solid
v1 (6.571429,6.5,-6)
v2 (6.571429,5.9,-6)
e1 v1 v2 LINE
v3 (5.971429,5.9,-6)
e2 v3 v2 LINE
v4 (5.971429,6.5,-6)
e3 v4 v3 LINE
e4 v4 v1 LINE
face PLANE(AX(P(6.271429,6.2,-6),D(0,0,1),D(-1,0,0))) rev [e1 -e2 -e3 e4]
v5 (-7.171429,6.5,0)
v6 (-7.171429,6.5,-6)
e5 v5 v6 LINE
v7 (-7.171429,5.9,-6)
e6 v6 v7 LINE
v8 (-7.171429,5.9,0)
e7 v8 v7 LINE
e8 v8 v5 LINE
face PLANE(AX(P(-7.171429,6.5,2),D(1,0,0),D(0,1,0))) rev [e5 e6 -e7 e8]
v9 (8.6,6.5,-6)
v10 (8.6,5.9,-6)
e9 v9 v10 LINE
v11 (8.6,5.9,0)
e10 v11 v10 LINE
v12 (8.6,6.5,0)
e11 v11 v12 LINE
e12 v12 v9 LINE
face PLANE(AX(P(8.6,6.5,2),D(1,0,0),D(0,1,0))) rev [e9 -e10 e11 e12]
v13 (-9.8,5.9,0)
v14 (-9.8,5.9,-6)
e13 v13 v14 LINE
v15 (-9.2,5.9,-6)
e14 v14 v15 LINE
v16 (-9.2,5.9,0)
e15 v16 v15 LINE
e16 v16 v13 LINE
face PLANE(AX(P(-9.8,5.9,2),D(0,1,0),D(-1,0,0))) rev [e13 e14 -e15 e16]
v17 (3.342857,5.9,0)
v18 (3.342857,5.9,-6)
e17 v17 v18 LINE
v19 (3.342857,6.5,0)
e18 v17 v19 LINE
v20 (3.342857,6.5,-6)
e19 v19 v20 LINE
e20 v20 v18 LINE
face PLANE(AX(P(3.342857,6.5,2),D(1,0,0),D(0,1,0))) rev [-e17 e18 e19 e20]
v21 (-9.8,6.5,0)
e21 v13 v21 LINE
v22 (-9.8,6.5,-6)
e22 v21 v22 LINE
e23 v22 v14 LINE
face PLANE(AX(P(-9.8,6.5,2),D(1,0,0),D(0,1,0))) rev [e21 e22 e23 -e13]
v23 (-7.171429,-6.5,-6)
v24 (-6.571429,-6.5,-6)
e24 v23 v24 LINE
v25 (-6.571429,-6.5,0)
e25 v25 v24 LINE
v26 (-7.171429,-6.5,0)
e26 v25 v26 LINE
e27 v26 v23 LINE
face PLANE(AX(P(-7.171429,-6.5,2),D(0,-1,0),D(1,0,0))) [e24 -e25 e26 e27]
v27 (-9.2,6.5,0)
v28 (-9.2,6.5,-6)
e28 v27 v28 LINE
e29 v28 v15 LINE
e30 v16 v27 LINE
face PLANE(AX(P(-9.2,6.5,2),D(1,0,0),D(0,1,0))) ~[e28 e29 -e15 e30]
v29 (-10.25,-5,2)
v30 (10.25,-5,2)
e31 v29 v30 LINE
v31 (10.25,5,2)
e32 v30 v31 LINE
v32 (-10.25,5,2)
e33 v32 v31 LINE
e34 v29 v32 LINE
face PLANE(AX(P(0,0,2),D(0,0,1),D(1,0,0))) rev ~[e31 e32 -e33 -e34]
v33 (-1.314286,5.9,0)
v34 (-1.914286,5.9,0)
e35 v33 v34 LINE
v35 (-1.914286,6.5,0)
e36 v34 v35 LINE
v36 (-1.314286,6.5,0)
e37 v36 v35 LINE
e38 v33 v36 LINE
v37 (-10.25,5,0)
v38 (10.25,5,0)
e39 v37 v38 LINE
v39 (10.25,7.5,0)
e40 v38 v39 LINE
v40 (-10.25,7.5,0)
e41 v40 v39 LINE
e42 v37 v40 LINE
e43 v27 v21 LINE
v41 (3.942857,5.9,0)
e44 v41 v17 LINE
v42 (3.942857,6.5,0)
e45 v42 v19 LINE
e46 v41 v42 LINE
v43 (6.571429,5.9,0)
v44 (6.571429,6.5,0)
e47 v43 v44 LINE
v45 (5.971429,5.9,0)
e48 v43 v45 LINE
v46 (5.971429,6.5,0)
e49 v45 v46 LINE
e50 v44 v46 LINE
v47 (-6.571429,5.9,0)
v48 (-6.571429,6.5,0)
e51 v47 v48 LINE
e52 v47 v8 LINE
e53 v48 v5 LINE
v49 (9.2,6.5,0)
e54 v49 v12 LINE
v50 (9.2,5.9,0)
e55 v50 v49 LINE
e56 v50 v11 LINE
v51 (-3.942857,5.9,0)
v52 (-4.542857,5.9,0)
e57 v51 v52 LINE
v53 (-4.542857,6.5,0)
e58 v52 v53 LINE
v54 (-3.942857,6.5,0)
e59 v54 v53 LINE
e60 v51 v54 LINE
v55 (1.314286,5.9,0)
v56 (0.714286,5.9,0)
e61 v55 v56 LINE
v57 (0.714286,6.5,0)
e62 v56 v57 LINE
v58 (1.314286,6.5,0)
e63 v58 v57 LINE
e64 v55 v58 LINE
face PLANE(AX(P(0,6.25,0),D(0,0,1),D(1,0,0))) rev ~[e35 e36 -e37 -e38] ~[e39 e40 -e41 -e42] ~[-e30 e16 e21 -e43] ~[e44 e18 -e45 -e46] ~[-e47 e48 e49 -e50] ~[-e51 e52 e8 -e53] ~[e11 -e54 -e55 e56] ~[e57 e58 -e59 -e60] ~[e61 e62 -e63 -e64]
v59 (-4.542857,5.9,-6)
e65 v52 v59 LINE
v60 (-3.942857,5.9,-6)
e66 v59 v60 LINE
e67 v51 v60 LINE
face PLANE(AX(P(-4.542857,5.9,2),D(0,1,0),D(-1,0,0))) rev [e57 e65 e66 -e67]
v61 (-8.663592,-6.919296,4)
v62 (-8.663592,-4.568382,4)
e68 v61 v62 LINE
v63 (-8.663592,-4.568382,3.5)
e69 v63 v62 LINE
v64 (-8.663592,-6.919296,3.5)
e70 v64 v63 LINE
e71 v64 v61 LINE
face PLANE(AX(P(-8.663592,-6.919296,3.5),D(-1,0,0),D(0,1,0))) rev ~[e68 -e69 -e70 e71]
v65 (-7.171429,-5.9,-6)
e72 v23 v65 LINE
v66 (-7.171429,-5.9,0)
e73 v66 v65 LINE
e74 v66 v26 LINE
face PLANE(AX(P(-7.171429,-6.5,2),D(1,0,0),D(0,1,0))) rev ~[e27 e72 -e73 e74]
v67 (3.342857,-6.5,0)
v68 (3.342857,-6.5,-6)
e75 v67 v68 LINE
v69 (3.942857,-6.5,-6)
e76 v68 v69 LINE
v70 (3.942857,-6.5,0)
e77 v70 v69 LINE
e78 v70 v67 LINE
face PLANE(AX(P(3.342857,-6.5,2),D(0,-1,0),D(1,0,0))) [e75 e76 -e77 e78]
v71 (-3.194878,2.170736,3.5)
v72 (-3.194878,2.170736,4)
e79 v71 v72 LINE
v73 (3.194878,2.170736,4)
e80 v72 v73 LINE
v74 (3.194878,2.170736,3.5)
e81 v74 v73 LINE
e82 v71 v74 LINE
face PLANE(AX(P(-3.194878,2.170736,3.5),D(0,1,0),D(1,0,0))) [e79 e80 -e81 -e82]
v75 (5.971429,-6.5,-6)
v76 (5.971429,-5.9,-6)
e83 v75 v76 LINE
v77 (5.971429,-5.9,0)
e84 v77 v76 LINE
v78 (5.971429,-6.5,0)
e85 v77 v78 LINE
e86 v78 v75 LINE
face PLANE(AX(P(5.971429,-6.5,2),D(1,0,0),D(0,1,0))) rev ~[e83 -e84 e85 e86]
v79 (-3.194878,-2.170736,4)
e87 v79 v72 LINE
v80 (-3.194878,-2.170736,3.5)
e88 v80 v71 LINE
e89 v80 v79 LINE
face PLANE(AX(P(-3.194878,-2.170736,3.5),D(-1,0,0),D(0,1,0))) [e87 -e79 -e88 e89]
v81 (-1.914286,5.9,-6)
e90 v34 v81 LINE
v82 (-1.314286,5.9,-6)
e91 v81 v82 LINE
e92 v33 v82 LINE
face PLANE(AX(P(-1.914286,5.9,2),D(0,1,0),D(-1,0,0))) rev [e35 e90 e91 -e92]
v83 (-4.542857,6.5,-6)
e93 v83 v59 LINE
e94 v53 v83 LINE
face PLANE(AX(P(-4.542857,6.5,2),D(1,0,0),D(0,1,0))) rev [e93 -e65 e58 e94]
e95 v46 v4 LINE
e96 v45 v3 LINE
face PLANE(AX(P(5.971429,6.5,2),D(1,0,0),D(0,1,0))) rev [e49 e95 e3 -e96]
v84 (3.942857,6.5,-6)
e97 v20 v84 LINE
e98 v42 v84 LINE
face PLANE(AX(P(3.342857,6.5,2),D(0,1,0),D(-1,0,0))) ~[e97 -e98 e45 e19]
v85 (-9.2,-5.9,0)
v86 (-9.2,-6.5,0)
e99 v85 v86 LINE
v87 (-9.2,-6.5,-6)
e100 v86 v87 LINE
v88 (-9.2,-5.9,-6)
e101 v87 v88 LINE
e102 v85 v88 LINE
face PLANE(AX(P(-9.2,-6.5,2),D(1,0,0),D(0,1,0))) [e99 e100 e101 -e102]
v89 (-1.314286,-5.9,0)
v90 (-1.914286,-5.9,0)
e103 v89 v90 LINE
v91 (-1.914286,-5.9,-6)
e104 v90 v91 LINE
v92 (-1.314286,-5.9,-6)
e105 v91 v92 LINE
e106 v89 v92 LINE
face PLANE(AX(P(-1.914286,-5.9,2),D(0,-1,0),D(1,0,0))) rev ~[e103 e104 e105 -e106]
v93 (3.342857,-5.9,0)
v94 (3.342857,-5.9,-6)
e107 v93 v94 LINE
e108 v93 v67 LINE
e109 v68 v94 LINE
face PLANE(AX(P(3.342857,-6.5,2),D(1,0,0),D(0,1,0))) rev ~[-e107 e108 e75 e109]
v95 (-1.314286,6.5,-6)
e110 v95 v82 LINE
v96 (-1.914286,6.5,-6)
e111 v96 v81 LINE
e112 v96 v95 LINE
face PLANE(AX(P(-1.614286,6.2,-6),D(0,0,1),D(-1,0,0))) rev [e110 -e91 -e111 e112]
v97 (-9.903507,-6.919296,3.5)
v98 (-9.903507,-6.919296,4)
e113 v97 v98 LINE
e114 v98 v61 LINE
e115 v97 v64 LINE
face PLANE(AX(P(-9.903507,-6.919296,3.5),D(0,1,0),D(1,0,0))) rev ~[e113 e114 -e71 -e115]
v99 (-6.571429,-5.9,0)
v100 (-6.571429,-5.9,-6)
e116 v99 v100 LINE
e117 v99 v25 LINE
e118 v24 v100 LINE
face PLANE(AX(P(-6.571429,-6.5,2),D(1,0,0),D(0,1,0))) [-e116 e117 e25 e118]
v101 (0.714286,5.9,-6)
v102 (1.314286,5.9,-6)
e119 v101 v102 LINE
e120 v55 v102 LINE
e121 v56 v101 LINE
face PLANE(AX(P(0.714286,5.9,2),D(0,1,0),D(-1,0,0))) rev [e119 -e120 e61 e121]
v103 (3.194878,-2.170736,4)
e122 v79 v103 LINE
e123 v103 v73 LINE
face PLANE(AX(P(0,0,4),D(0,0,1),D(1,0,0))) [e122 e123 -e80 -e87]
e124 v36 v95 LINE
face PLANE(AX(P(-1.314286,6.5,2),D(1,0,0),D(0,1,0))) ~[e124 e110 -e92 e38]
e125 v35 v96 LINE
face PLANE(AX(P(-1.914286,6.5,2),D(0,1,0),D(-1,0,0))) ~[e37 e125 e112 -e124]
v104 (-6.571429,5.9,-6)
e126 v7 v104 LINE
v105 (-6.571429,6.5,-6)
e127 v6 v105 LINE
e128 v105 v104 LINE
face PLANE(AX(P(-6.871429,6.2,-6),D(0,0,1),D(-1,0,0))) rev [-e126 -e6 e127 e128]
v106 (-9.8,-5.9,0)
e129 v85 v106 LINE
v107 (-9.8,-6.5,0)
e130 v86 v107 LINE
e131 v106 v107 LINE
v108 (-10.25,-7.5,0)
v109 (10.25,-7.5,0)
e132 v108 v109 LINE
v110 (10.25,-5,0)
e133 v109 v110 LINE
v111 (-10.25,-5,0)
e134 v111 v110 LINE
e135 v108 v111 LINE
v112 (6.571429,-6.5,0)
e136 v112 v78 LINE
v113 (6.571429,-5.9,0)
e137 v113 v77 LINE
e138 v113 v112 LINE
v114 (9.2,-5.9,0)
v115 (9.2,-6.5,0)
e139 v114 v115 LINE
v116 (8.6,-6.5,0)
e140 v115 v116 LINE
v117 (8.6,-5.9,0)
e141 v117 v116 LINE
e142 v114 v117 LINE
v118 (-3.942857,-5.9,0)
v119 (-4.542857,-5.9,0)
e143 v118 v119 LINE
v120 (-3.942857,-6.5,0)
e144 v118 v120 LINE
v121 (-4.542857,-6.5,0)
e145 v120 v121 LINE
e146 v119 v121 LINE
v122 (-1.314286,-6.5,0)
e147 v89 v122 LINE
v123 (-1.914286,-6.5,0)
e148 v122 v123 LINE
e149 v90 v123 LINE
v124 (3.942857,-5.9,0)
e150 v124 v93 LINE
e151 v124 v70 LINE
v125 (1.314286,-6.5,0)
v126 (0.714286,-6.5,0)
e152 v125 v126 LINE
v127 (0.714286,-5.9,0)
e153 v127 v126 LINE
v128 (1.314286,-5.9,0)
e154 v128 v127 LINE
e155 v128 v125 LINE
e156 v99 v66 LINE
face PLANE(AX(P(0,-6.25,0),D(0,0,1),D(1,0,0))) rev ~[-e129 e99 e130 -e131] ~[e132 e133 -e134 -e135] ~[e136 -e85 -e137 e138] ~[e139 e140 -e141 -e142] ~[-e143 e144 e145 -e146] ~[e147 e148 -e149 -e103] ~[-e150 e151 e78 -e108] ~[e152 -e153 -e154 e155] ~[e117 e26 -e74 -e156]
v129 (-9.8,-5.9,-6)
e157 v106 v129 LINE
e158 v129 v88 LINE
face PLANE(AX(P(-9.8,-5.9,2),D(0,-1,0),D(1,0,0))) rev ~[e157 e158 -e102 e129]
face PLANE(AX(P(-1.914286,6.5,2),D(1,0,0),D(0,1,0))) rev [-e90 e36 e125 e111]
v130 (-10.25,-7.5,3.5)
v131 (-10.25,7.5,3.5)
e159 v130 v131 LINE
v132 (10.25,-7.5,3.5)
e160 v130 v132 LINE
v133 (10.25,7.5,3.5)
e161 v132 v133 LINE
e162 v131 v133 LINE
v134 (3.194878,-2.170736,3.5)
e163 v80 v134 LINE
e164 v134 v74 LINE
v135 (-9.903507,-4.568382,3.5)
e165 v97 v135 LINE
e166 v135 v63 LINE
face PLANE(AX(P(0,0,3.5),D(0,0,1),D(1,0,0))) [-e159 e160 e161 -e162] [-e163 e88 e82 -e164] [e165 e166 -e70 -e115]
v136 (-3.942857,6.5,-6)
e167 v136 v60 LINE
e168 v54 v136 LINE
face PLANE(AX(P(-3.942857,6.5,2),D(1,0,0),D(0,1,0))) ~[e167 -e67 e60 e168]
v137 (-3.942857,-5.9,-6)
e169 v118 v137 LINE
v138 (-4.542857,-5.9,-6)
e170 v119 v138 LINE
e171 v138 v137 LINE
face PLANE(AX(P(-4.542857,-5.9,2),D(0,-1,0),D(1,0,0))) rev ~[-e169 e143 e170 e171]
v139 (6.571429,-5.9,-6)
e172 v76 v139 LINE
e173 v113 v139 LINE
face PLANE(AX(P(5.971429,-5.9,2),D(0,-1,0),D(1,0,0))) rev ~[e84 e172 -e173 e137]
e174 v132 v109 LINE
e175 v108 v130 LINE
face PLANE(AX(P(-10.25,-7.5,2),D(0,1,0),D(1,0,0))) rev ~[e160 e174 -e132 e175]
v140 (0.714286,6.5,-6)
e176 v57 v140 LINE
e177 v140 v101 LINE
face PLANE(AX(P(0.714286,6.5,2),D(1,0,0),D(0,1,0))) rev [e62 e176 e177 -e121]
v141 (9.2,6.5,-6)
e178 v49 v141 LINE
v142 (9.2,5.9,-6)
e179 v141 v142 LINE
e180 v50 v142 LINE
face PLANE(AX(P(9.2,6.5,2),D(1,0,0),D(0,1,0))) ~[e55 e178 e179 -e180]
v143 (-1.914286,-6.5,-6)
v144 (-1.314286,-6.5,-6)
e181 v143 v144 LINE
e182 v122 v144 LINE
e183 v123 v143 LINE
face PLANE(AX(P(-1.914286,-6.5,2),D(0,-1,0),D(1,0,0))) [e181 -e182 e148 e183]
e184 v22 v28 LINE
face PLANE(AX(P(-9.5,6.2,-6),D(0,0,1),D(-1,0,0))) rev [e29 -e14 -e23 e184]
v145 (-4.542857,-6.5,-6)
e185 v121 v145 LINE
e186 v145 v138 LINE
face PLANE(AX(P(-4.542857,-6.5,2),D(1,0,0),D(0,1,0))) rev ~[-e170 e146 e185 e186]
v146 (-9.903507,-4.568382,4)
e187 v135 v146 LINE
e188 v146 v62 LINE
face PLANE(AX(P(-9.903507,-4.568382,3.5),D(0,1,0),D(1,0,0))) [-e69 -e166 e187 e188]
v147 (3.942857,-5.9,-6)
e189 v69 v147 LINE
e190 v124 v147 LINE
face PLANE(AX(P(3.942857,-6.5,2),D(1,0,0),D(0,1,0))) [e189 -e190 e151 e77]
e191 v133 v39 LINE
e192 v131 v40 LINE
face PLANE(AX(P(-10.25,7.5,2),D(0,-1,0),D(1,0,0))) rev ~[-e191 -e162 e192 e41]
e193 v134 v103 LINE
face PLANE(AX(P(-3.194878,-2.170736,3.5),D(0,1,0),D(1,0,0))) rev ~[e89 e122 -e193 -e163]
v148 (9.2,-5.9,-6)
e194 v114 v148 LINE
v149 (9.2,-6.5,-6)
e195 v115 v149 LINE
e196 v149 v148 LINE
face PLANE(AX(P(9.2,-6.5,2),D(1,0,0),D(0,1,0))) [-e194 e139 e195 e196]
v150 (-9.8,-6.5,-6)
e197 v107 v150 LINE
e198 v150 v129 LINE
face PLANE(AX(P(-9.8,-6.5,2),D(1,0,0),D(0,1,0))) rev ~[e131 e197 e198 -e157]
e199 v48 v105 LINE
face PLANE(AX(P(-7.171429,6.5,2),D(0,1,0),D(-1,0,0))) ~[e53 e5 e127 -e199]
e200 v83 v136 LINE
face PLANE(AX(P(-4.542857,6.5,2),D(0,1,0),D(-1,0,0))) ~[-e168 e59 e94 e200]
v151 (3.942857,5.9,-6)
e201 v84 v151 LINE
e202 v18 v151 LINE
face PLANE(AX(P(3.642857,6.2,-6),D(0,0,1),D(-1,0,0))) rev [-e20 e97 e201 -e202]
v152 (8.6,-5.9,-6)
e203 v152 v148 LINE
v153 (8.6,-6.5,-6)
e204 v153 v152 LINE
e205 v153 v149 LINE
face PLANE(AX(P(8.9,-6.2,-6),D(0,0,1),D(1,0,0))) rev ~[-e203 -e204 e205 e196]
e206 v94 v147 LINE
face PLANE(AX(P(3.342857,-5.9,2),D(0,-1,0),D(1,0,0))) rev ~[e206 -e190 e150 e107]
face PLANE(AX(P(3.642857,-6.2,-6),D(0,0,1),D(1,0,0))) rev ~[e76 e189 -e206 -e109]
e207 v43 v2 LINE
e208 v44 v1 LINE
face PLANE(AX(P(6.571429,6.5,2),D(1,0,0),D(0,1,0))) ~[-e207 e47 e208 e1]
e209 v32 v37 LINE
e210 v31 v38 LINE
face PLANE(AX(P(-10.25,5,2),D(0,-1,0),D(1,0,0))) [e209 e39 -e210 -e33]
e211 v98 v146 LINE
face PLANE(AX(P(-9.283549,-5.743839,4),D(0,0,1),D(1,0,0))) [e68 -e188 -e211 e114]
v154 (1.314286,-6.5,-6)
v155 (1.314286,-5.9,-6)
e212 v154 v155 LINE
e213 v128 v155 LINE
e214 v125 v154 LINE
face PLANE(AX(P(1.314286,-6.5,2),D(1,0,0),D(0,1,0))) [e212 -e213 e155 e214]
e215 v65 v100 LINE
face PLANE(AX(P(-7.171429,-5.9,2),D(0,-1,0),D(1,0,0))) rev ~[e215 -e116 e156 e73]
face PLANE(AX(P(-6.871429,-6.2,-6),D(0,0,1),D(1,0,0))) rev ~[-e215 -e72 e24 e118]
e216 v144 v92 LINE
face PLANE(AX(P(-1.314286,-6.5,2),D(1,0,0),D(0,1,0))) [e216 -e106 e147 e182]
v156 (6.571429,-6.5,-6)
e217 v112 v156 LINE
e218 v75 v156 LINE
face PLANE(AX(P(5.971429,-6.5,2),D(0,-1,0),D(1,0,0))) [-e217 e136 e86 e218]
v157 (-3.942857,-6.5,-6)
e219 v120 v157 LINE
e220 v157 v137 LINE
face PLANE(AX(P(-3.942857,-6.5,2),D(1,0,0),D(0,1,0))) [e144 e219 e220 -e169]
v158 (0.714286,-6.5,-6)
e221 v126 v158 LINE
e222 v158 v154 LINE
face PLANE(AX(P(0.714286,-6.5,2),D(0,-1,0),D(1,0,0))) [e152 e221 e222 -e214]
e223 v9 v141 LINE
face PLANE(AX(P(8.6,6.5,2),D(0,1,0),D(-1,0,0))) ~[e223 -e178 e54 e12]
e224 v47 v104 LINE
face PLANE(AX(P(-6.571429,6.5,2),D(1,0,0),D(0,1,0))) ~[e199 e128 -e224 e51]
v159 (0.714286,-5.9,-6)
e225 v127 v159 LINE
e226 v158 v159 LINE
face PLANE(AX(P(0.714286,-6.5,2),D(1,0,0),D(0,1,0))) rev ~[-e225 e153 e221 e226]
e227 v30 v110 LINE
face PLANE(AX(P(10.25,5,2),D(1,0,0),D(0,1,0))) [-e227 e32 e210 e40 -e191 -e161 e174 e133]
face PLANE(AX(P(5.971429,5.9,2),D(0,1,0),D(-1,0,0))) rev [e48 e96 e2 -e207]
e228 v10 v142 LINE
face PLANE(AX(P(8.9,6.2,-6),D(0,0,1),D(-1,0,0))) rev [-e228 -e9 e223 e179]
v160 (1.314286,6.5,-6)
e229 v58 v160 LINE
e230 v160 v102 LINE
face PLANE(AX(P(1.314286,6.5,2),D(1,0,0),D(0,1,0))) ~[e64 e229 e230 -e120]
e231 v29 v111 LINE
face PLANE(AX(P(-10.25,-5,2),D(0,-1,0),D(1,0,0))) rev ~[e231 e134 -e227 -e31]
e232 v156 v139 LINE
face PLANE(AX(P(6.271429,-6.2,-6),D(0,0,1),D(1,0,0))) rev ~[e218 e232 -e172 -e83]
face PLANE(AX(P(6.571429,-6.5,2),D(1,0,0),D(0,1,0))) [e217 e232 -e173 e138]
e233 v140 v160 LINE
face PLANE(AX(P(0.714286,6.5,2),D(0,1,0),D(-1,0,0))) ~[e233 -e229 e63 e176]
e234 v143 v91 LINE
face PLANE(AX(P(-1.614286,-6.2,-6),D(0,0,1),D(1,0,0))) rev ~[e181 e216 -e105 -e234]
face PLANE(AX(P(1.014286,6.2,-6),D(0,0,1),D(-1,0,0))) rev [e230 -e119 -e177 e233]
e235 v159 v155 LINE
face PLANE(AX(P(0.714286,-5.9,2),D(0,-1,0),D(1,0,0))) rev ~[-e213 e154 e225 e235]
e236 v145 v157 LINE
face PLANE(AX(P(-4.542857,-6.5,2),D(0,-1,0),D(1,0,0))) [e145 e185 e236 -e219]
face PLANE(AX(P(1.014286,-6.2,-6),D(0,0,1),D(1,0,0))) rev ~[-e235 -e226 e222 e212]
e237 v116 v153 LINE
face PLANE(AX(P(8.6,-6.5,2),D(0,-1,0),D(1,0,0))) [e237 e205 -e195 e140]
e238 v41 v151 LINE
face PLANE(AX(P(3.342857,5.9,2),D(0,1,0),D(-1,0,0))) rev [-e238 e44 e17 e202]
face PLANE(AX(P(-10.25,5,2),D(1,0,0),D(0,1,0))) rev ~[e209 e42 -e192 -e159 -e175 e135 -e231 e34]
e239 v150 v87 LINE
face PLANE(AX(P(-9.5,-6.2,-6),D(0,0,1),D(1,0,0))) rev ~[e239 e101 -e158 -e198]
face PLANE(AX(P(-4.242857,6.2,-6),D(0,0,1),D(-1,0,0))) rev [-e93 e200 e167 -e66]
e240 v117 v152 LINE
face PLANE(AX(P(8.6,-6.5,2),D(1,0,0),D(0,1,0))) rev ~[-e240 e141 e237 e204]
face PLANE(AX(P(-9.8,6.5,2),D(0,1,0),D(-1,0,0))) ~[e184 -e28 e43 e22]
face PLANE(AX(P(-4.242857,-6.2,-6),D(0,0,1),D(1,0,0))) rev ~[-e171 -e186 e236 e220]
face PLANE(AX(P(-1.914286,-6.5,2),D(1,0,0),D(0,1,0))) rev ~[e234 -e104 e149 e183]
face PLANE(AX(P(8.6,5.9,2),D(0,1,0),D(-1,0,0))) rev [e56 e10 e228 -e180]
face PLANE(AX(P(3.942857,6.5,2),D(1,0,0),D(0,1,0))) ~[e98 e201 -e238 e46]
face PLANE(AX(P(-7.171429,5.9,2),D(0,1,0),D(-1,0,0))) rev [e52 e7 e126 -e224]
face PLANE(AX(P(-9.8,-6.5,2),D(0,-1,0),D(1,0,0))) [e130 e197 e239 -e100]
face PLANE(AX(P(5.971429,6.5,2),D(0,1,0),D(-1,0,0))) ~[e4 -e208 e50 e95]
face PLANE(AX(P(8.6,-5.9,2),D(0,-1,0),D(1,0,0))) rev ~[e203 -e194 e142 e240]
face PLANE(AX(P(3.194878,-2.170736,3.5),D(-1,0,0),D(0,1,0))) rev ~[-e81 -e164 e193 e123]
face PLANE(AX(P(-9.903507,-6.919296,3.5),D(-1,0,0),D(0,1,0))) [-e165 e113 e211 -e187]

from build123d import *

# Parameters (mm, degrees)
SKETCH069_W                  = 20.5
SKETCH069_H                  = 15
PAD036_DEPTH                 = 1.5
SKETCH071_W                  = 0.6
SKETCH071_H                  = 0.6
PAD037_DEPTH                 = 8
SKETCH071_LINEARPATTERN_2_W  = 0.6
SKETCH071_LINEARPATTERN_2_H  = 0.6
PAD037_LINEARPATTERN_2_DEPTH = 8
SKETCH071_LINEARPATTERN_3_W  = 0.6
SKETCH071_LINEARPATTERN_3_H  = 0.6
PAD037_LINEARPATTERN_3_DEPTH = 8
SKETCH071_LINEARPATTERN_4_W  = 0.6
SKETCH071_LINEARPATTERN_4_H  = 0.6
PAD037_LINEARPATTERN_4_DEPTH = 8
SKETCH071_LINEARPATTERN_5_W  = 0.6
SKETCH071_LINEARPATTERN_5_H  = 0.6
PAD037_LINEARPATTERN_5_DEPTH = 8
SKETCH071_LINEARPATTERN_6_W  = 0.6
SKETCH071_LINEARPATTERN_6_H  = 0.6
PAD037_LINEARPATTERN_6_DEPTH = 8
SKETCH071_LINEARPATTERN_7_W  = 0.6
SKETCH071_LINEARPATTERN_7_H  = 0.6
PAD037_LINEARPATTERN_7_DEPTH = 8
SKETCH071_LINEARPATTERN_8_W  = 0.6
SKETCH071_LINEARPATTERN_8_H  = 0.6
PAD037_LINEARPATTERN_8_DEPTH = 8
SKETCH070_W                  = 20.5
SKETCH070_H                  = 2.5
PAD038_DEPTH                 = 2
SKETCH074_W                  = 1.239915
SKETCH074_H                  = 2.350915
SKETCH074_W_2                = 6.389756
SKETCH074_H_2                = 4.341472
PAD040_DEPTH                 = 0.5


with BuildPart() as part:
    # Sketch069 → Pad036 (new body)
    with BuildSketch(Plane.XY.offset(2)):
        Rectangle(SKETCH069_W, SKETCH069_H)
    extrude(amount=PAD036_DEPTH)

    # Sketch071 → Pad037 (join)
    with BuildSketch(Plane(origin=(-9.5, -6.2, 2), x_dir=(1, 0, 0), z_dir=(0, 0, 1))):
        Rectangle(SKETCH071_W, SKETCH071_H)
    pad037 = extrude(amount=-PAD037_DEPTH)

    # Sketch071 LinearPattern 2 → Pad037 LinearPattern 2 (add)
    with BuildSketch(Plane(origin=(-6.871429, -6.2, 2), x_dir=(1, 0, 0), z_dir=(0, 0, 1))):
        Rectangle(SKETCH071_LINEARPATTERN_2_W, SKETCH071_LINEARPATTERN_2_H)
    pad037_linearpattern_2 = extrude(amount=-PAD037_LINEARPATTERN_2_DEPTH)

    # Sketch071 LinearPattern 3 → Pad037 LinearPattern 3 (add)
    with BuildSketch(Plane(origin=(-4.242857, -6.2, 2), x_dir=(1, 0, 0), z_dir=(0, 0, 1))):
        Rectangle(SKETCH071_LINEARPATTERN_3_W, SKETCH071_LINEARPATTERN_3_H)
    pad037_linearpattern_3 = extrude(amount=-PAD037_LINEARPATTERN_3_DEPTH)

    # Sketch071 LinearPattern 4 → Pad037 LinearPattern 4 (add)
    with BuildSketch(Plane(origin=(-1.614286, -6.2, 2), x_dir=(1, 0, 0), z_dir=(0, 0, 1))):
        Rectangle(SKETCH071_LINEARPATTERN_4_W, SKETCH071_LINEARPATTERN_4_H)
    pad037_linearpattern_4 = extrude(amount=-PAD037_LINEARPATTERN_4_DEPTH)

    # Sketch071 LinearPattern 5 → Pad037 LinearPattern 5 (add)
    with BuildSketch(Plane(origin=(1.014286, -6.2, 2), x_dir=(1, 0, 0), z_dir=(0, 0, 1))):
        Rectangle(SKETCH071_LINEARPATTERN_5_W, SKETCH071_LINEARPATTERN_5_H)
    pad037_linearpattern_5 = extrude(amount=-PAD037_LINEARPATTERN_5_DEPTH)

    # Sketch071 LinearPattern 6 → Pad037 LinearPattern 6 (add)
    with BuildSketch(Plane(origin=(3.642857, -6.2, 2), x_dir=(1, 0, 0), z_dir=(0, 0, 1))):
        Rectangle(SKETCH071_LINEARPATTERN_6_W, SKETCH071_LINEARPATTERN_6_H)
    pad037_linearpattern_6 = extrude(amount=-PAD037_LINEARPATTERN_6_DEPTH)

    # Sketch071 LinearPattern 7 → Pad037 LinearPattern 7 (add)
    with BuildSketch(Plane(origin=(6.271429, -6.2, 2), x_dir=(1, 0, 0), z_dir=(0, 0, 1))):
        Rectangle(SKETCH071_LINEARPATTERN_7_W, SKETCH071_LINEARPATTERN_7_H)
    pad037_linearpattern_7 = extrude(amount=-PAD037_LINEARPATTERN_7_DEPTH)

    # Sketch071 LinearPattern 8 → Pad037 LinearPattern 8 (add)
    with BuildSketch(Plane(origin=(8.9, -6.2, 2), x_dir=(1, 0, 0), z_dir=(0, 0, 1))):
        Rectangle(SKETCH071_LINEARPATTERN_8_W, SKETCH071_LINEARPATTERN_8_H)
    pad037_linearpattern_8 = extrude(amount=-PAD037_LINEARPATTERN_8_DEPTH)

    # Mirrored: Pad037, Pad037 LinearPattern 2, Pad037 LinearPattern 3, Pad037 LinearPattern 4, Pad037 LinearPattern 5, Pad037 LinearPattern 6, Pad037 LinearPattern 7, Pad037 LinearPattern 8 across XZ
    add(pad037.mirror(Plane.XZ))
    add(pad037_linearpattern_2.mirror(Plane.XZ))
    add(pad037_linearpattern_3.mirror(Plane.XZ))
    add(pad037_linearpattern_4.mirror(Plane.XZ))
    add(pad037_linearpattern_5.mirror(Plane.XZ))
    add(pad037_linearpattern_6.mirror(Plane.XZ))
    add(pad037_linearpattern_7.mirror(Plane.XZ))
    add(pad037_linearpattern_8.mirror(Plane.XZ))

    # Sketch070 → Pad038 (join)
    with BuildSketch(Plane.XY.offset(2)):
        with Locations((0, 6.25)):
            Rectangle(SKETCH070_W, SKETCH070_H)
        with Locations((0, -6.25)):
            Rectangle(SKETCH070_W, SKETCH070_H)
    extrude(amount=-PAD038_DEPTH)

    # Sketch074 → Pad040 (join)
    with BuildSketch(Plane.XY.offset(3.5)):
        with Locations((-9.283549, -5.743839)):
            Rectangle(SKETCH074_W, SKETCH074_H)
        Rectangle(SKETCH074_W_2, SKETCH074_H_2)
    extrude(amount=PAD040_DEPTH)


solid = part.part
